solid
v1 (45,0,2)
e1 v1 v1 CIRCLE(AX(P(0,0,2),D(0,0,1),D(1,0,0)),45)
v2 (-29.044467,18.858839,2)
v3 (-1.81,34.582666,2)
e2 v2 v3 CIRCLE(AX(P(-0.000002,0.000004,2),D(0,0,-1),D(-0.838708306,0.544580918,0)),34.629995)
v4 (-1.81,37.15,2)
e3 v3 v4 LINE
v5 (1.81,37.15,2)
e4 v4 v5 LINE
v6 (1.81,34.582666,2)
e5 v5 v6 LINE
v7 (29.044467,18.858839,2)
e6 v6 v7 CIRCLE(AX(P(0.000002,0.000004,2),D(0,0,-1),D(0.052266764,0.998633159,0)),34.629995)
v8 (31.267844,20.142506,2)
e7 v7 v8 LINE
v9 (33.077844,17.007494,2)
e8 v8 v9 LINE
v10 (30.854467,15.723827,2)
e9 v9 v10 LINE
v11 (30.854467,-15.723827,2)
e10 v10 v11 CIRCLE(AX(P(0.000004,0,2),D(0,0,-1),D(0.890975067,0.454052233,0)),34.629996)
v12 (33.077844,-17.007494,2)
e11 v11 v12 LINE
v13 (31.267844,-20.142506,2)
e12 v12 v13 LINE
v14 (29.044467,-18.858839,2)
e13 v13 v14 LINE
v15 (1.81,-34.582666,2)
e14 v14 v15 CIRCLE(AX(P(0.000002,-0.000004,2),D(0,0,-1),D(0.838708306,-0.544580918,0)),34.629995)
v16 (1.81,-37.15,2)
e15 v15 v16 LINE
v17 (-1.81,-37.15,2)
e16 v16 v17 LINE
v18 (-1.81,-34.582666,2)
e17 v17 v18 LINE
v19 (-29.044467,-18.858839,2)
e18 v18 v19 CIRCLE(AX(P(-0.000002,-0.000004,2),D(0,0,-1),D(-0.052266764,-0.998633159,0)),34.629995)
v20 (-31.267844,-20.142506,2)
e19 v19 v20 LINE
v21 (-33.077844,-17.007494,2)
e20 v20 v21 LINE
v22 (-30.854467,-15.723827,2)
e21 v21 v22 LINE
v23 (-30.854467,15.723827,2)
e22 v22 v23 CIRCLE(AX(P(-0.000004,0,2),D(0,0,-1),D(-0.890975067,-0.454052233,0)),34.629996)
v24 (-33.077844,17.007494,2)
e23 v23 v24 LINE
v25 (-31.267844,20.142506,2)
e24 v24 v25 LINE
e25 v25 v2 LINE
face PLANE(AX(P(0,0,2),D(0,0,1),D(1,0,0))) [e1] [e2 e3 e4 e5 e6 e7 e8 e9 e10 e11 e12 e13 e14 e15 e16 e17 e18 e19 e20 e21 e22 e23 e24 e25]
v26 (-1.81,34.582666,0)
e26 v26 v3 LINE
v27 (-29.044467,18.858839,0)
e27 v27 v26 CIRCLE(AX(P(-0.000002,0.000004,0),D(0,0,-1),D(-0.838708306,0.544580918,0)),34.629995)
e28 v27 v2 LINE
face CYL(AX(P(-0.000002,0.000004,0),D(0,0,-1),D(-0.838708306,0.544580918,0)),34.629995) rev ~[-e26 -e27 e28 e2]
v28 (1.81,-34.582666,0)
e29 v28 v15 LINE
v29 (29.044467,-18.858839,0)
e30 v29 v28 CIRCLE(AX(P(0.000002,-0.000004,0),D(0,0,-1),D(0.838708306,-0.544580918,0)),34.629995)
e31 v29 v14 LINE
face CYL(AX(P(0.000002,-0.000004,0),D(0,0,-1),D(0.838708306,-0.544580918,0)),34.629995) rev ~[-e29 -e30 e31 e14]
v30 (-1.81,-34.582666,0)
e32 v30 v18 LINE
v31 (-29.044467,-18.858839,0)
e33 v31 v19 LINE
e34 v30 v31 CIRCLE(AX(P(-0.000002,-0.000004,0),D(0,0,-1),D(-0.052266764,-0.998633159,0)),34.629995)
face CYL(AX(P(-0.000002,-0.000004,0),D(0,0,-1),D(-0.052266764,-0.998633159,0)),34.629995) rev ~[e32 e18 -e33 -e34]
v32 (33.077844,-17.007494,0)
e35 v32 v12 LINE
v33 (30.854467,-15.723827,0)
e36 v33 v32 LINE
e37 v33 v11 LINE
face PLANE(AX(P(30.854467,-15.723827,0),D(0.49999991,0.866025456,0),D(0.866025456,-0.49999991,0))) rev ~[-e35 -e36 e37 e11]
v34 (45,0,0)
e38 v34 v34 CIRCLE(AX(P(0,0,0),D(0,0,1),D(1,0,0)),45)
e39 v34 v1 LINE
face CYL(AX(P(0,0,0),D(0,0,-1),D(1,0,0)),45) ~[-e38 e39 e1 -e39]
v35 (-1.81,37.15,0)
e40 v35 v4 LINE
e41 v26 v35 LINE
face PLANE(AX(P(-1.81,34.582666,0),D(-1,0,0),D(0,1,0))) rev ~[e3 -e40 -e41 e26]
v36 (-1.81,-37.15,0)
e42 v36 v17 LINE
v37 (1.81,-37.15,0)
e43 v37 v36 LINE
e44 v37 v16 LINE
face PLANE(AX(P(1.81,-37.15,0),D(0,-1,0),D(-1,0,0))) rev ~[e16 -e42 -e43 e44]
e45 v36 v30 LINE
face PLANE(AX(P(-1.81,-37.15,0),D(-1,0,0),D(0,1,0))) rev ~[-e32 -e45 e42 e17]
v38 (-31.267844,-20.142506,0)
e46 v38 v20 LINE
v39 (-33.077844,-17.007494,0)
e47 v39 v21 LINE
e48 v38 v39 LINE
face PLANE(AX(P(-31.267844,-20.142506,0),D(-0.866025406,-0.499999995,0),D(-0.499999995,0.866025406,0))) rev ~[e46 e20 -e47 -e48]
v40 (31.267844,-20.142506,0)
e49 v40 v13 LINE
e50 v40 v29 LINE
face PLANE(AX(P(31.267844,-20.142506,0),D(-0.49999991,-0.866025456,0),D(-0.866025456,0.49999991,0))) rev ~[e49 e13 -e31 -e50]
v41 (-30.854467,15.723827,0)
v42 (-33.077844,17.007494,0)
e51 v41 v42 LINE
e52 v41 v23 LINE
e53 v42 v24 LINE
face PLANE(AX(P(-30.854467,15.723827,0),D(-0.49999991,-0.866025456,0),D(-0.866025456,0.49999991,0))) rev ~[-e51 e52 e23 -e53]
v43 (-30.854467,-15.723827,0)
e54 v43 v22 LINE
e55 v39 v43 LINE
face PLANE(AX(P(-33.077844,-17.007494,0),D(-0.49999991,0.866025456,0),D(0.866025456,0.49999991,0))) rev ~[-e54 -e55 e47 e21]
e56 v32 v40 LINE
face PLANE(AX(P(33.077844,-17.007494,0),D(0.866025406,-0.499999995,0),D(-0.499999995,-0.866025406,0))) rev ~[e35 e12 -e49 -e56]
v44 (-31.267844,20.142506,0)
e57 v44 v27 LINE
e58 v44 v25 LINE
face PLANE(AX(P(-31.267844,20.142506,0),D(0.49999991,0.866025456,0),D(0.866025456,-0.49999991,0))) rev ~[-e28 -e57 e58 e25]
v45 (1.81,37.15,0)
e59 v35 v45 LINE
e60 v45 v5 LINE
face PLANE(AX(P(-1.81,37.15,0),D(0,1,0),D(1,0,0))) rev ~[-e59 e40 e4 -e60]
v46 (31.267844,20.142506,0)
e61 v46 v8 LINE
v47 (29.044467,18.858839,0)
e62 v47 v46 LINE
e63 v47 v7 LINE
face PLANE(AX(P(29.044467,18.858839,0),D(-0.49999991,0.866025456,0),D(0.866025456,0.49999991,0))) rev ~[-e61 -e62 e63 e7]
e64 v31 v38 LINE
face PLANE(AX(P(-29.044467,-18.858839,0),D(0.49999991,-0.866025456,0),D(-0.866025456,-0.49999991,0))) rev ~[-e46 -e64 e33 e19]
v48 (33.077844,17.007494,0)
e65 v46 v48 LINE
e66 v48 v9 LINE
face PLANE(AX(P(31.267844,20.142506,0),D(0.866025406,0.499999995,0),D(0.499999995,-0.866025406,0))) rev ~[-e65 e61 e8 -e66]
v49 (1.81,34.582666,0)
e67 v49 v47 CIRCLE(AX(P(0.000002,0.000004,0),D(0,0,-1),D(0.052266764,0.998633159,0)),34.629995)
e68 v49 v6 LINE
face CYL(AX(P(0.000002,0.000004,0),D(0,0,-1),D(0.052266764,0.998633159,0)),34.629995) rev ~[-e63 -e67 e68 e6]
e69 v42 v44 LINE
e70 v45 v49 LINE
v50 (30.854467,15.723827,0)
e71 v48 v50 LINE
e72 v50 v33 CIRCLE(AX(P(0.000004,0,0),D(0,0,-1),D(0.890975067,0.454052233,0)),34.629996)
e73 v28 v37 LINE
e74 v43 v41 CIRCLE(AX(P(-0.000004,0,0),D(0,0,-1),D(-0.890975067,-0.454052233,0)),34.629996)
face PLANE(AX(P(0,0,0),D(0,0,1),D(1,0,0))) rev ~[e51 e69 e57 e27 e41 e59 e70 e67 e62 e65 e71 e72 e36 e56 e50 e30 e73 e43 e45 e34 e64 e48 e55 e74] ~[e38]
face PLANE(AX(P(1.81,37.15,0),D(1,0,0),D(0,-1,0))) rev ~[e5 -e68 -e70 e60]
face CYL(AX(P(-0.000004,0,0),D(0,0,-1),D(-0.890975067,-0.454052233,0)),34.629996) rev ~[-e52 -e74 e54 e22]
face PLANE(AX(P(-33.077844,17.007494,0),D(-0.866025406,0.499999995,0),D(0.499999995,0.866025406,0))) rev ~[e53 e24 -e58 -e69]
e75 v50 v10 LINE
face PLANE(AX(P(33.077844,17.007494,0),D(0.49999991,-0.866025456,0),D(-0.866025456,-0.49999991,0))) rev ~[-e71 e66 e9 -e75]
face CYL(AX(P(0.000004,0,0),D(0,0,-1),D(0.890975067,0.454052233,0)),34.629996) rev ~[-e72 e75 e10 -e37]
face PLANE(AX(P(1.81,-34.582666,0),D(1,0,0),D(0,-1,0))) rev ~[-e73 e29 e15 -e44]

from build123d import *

# Parameters (mm, degrees)
F0_R     = 45
F1_DEPTH = 2


with BuildPart() as f1:
    # F0 (on Top) → F1 (new body)
    with BuildSketch(Plane.XY):
        Circle(F0_R)
        with BuildLine():
            Line((-1.81, 37.15), (1.81, 37.15))
            Line((1.81, 37.15), (1.81, 34.582666))
            ThreePointArc((1.81, 34.582666), (17.315, 29.99046), (29.044467, 18.858839))
            Line((29.044467, 18.858839), (31.267844, 20.142506))
            Line((31.267844, 20.142506), (33.077844, 17.007494))
            Line((33.077844, 17.007494), (30.854467, 15.723827))
            ThreePointArc((30.854467, 15.723827), (34.63, 0), (30.854467, -15.723827))
            Line((30.854467, -15.723827), (33.077844, -17.007494))
            Line((33.077844, -17.007494), (31.267844, -20.142506))
            Line((31.267844, -20.142506), (29.044467, -18.858839))
            ThreePointArc((29.044467, -18.858839), (17.315, -29.99046), (1.81, -34.582666))
            Line((1.81, -34.582666), (1.81, -37.15))
            Line((1.81, -37.15), (-1.81, -37.15))
            Line((-1.81, -37.15), (-1.81, -34.582666))
            ThreePointArc((-1.81, -34.582666), (-17.315, -29.99046), (-29.044467, -18.858839))
            Line((-29.044467, -18.858839), (-31.267844, -20.142506))
            Line((-31.267844, -20.142506), (-33.077844, -17.007494))
            Line((-33.077844, -17.007494), (-30.854467, -15.723827))
            ThreePointArc((-30.854467, -15.723827), (-34.63, 0), (-30.854467, 15.723827))
            Line((-30.854467, 15.723827), (-33.077844, 17.007494))
            Line((-33.077844, 17.007494), (-31.267844, 20.142506))
            Line((-31.267844, 20.142506), (-29.044467, 18.858839))
            ThreePointArc((-29.044467, 18.858839), (-17.315, 29.99046), (-1.81, 34.582666))
            Line((-1.81, 34.582666), (-1.81, 37.15))
        make_face(mode=Mode.SUBTRACT)
    extrude(amount=F1_DEPTH)


solid = f1.part
